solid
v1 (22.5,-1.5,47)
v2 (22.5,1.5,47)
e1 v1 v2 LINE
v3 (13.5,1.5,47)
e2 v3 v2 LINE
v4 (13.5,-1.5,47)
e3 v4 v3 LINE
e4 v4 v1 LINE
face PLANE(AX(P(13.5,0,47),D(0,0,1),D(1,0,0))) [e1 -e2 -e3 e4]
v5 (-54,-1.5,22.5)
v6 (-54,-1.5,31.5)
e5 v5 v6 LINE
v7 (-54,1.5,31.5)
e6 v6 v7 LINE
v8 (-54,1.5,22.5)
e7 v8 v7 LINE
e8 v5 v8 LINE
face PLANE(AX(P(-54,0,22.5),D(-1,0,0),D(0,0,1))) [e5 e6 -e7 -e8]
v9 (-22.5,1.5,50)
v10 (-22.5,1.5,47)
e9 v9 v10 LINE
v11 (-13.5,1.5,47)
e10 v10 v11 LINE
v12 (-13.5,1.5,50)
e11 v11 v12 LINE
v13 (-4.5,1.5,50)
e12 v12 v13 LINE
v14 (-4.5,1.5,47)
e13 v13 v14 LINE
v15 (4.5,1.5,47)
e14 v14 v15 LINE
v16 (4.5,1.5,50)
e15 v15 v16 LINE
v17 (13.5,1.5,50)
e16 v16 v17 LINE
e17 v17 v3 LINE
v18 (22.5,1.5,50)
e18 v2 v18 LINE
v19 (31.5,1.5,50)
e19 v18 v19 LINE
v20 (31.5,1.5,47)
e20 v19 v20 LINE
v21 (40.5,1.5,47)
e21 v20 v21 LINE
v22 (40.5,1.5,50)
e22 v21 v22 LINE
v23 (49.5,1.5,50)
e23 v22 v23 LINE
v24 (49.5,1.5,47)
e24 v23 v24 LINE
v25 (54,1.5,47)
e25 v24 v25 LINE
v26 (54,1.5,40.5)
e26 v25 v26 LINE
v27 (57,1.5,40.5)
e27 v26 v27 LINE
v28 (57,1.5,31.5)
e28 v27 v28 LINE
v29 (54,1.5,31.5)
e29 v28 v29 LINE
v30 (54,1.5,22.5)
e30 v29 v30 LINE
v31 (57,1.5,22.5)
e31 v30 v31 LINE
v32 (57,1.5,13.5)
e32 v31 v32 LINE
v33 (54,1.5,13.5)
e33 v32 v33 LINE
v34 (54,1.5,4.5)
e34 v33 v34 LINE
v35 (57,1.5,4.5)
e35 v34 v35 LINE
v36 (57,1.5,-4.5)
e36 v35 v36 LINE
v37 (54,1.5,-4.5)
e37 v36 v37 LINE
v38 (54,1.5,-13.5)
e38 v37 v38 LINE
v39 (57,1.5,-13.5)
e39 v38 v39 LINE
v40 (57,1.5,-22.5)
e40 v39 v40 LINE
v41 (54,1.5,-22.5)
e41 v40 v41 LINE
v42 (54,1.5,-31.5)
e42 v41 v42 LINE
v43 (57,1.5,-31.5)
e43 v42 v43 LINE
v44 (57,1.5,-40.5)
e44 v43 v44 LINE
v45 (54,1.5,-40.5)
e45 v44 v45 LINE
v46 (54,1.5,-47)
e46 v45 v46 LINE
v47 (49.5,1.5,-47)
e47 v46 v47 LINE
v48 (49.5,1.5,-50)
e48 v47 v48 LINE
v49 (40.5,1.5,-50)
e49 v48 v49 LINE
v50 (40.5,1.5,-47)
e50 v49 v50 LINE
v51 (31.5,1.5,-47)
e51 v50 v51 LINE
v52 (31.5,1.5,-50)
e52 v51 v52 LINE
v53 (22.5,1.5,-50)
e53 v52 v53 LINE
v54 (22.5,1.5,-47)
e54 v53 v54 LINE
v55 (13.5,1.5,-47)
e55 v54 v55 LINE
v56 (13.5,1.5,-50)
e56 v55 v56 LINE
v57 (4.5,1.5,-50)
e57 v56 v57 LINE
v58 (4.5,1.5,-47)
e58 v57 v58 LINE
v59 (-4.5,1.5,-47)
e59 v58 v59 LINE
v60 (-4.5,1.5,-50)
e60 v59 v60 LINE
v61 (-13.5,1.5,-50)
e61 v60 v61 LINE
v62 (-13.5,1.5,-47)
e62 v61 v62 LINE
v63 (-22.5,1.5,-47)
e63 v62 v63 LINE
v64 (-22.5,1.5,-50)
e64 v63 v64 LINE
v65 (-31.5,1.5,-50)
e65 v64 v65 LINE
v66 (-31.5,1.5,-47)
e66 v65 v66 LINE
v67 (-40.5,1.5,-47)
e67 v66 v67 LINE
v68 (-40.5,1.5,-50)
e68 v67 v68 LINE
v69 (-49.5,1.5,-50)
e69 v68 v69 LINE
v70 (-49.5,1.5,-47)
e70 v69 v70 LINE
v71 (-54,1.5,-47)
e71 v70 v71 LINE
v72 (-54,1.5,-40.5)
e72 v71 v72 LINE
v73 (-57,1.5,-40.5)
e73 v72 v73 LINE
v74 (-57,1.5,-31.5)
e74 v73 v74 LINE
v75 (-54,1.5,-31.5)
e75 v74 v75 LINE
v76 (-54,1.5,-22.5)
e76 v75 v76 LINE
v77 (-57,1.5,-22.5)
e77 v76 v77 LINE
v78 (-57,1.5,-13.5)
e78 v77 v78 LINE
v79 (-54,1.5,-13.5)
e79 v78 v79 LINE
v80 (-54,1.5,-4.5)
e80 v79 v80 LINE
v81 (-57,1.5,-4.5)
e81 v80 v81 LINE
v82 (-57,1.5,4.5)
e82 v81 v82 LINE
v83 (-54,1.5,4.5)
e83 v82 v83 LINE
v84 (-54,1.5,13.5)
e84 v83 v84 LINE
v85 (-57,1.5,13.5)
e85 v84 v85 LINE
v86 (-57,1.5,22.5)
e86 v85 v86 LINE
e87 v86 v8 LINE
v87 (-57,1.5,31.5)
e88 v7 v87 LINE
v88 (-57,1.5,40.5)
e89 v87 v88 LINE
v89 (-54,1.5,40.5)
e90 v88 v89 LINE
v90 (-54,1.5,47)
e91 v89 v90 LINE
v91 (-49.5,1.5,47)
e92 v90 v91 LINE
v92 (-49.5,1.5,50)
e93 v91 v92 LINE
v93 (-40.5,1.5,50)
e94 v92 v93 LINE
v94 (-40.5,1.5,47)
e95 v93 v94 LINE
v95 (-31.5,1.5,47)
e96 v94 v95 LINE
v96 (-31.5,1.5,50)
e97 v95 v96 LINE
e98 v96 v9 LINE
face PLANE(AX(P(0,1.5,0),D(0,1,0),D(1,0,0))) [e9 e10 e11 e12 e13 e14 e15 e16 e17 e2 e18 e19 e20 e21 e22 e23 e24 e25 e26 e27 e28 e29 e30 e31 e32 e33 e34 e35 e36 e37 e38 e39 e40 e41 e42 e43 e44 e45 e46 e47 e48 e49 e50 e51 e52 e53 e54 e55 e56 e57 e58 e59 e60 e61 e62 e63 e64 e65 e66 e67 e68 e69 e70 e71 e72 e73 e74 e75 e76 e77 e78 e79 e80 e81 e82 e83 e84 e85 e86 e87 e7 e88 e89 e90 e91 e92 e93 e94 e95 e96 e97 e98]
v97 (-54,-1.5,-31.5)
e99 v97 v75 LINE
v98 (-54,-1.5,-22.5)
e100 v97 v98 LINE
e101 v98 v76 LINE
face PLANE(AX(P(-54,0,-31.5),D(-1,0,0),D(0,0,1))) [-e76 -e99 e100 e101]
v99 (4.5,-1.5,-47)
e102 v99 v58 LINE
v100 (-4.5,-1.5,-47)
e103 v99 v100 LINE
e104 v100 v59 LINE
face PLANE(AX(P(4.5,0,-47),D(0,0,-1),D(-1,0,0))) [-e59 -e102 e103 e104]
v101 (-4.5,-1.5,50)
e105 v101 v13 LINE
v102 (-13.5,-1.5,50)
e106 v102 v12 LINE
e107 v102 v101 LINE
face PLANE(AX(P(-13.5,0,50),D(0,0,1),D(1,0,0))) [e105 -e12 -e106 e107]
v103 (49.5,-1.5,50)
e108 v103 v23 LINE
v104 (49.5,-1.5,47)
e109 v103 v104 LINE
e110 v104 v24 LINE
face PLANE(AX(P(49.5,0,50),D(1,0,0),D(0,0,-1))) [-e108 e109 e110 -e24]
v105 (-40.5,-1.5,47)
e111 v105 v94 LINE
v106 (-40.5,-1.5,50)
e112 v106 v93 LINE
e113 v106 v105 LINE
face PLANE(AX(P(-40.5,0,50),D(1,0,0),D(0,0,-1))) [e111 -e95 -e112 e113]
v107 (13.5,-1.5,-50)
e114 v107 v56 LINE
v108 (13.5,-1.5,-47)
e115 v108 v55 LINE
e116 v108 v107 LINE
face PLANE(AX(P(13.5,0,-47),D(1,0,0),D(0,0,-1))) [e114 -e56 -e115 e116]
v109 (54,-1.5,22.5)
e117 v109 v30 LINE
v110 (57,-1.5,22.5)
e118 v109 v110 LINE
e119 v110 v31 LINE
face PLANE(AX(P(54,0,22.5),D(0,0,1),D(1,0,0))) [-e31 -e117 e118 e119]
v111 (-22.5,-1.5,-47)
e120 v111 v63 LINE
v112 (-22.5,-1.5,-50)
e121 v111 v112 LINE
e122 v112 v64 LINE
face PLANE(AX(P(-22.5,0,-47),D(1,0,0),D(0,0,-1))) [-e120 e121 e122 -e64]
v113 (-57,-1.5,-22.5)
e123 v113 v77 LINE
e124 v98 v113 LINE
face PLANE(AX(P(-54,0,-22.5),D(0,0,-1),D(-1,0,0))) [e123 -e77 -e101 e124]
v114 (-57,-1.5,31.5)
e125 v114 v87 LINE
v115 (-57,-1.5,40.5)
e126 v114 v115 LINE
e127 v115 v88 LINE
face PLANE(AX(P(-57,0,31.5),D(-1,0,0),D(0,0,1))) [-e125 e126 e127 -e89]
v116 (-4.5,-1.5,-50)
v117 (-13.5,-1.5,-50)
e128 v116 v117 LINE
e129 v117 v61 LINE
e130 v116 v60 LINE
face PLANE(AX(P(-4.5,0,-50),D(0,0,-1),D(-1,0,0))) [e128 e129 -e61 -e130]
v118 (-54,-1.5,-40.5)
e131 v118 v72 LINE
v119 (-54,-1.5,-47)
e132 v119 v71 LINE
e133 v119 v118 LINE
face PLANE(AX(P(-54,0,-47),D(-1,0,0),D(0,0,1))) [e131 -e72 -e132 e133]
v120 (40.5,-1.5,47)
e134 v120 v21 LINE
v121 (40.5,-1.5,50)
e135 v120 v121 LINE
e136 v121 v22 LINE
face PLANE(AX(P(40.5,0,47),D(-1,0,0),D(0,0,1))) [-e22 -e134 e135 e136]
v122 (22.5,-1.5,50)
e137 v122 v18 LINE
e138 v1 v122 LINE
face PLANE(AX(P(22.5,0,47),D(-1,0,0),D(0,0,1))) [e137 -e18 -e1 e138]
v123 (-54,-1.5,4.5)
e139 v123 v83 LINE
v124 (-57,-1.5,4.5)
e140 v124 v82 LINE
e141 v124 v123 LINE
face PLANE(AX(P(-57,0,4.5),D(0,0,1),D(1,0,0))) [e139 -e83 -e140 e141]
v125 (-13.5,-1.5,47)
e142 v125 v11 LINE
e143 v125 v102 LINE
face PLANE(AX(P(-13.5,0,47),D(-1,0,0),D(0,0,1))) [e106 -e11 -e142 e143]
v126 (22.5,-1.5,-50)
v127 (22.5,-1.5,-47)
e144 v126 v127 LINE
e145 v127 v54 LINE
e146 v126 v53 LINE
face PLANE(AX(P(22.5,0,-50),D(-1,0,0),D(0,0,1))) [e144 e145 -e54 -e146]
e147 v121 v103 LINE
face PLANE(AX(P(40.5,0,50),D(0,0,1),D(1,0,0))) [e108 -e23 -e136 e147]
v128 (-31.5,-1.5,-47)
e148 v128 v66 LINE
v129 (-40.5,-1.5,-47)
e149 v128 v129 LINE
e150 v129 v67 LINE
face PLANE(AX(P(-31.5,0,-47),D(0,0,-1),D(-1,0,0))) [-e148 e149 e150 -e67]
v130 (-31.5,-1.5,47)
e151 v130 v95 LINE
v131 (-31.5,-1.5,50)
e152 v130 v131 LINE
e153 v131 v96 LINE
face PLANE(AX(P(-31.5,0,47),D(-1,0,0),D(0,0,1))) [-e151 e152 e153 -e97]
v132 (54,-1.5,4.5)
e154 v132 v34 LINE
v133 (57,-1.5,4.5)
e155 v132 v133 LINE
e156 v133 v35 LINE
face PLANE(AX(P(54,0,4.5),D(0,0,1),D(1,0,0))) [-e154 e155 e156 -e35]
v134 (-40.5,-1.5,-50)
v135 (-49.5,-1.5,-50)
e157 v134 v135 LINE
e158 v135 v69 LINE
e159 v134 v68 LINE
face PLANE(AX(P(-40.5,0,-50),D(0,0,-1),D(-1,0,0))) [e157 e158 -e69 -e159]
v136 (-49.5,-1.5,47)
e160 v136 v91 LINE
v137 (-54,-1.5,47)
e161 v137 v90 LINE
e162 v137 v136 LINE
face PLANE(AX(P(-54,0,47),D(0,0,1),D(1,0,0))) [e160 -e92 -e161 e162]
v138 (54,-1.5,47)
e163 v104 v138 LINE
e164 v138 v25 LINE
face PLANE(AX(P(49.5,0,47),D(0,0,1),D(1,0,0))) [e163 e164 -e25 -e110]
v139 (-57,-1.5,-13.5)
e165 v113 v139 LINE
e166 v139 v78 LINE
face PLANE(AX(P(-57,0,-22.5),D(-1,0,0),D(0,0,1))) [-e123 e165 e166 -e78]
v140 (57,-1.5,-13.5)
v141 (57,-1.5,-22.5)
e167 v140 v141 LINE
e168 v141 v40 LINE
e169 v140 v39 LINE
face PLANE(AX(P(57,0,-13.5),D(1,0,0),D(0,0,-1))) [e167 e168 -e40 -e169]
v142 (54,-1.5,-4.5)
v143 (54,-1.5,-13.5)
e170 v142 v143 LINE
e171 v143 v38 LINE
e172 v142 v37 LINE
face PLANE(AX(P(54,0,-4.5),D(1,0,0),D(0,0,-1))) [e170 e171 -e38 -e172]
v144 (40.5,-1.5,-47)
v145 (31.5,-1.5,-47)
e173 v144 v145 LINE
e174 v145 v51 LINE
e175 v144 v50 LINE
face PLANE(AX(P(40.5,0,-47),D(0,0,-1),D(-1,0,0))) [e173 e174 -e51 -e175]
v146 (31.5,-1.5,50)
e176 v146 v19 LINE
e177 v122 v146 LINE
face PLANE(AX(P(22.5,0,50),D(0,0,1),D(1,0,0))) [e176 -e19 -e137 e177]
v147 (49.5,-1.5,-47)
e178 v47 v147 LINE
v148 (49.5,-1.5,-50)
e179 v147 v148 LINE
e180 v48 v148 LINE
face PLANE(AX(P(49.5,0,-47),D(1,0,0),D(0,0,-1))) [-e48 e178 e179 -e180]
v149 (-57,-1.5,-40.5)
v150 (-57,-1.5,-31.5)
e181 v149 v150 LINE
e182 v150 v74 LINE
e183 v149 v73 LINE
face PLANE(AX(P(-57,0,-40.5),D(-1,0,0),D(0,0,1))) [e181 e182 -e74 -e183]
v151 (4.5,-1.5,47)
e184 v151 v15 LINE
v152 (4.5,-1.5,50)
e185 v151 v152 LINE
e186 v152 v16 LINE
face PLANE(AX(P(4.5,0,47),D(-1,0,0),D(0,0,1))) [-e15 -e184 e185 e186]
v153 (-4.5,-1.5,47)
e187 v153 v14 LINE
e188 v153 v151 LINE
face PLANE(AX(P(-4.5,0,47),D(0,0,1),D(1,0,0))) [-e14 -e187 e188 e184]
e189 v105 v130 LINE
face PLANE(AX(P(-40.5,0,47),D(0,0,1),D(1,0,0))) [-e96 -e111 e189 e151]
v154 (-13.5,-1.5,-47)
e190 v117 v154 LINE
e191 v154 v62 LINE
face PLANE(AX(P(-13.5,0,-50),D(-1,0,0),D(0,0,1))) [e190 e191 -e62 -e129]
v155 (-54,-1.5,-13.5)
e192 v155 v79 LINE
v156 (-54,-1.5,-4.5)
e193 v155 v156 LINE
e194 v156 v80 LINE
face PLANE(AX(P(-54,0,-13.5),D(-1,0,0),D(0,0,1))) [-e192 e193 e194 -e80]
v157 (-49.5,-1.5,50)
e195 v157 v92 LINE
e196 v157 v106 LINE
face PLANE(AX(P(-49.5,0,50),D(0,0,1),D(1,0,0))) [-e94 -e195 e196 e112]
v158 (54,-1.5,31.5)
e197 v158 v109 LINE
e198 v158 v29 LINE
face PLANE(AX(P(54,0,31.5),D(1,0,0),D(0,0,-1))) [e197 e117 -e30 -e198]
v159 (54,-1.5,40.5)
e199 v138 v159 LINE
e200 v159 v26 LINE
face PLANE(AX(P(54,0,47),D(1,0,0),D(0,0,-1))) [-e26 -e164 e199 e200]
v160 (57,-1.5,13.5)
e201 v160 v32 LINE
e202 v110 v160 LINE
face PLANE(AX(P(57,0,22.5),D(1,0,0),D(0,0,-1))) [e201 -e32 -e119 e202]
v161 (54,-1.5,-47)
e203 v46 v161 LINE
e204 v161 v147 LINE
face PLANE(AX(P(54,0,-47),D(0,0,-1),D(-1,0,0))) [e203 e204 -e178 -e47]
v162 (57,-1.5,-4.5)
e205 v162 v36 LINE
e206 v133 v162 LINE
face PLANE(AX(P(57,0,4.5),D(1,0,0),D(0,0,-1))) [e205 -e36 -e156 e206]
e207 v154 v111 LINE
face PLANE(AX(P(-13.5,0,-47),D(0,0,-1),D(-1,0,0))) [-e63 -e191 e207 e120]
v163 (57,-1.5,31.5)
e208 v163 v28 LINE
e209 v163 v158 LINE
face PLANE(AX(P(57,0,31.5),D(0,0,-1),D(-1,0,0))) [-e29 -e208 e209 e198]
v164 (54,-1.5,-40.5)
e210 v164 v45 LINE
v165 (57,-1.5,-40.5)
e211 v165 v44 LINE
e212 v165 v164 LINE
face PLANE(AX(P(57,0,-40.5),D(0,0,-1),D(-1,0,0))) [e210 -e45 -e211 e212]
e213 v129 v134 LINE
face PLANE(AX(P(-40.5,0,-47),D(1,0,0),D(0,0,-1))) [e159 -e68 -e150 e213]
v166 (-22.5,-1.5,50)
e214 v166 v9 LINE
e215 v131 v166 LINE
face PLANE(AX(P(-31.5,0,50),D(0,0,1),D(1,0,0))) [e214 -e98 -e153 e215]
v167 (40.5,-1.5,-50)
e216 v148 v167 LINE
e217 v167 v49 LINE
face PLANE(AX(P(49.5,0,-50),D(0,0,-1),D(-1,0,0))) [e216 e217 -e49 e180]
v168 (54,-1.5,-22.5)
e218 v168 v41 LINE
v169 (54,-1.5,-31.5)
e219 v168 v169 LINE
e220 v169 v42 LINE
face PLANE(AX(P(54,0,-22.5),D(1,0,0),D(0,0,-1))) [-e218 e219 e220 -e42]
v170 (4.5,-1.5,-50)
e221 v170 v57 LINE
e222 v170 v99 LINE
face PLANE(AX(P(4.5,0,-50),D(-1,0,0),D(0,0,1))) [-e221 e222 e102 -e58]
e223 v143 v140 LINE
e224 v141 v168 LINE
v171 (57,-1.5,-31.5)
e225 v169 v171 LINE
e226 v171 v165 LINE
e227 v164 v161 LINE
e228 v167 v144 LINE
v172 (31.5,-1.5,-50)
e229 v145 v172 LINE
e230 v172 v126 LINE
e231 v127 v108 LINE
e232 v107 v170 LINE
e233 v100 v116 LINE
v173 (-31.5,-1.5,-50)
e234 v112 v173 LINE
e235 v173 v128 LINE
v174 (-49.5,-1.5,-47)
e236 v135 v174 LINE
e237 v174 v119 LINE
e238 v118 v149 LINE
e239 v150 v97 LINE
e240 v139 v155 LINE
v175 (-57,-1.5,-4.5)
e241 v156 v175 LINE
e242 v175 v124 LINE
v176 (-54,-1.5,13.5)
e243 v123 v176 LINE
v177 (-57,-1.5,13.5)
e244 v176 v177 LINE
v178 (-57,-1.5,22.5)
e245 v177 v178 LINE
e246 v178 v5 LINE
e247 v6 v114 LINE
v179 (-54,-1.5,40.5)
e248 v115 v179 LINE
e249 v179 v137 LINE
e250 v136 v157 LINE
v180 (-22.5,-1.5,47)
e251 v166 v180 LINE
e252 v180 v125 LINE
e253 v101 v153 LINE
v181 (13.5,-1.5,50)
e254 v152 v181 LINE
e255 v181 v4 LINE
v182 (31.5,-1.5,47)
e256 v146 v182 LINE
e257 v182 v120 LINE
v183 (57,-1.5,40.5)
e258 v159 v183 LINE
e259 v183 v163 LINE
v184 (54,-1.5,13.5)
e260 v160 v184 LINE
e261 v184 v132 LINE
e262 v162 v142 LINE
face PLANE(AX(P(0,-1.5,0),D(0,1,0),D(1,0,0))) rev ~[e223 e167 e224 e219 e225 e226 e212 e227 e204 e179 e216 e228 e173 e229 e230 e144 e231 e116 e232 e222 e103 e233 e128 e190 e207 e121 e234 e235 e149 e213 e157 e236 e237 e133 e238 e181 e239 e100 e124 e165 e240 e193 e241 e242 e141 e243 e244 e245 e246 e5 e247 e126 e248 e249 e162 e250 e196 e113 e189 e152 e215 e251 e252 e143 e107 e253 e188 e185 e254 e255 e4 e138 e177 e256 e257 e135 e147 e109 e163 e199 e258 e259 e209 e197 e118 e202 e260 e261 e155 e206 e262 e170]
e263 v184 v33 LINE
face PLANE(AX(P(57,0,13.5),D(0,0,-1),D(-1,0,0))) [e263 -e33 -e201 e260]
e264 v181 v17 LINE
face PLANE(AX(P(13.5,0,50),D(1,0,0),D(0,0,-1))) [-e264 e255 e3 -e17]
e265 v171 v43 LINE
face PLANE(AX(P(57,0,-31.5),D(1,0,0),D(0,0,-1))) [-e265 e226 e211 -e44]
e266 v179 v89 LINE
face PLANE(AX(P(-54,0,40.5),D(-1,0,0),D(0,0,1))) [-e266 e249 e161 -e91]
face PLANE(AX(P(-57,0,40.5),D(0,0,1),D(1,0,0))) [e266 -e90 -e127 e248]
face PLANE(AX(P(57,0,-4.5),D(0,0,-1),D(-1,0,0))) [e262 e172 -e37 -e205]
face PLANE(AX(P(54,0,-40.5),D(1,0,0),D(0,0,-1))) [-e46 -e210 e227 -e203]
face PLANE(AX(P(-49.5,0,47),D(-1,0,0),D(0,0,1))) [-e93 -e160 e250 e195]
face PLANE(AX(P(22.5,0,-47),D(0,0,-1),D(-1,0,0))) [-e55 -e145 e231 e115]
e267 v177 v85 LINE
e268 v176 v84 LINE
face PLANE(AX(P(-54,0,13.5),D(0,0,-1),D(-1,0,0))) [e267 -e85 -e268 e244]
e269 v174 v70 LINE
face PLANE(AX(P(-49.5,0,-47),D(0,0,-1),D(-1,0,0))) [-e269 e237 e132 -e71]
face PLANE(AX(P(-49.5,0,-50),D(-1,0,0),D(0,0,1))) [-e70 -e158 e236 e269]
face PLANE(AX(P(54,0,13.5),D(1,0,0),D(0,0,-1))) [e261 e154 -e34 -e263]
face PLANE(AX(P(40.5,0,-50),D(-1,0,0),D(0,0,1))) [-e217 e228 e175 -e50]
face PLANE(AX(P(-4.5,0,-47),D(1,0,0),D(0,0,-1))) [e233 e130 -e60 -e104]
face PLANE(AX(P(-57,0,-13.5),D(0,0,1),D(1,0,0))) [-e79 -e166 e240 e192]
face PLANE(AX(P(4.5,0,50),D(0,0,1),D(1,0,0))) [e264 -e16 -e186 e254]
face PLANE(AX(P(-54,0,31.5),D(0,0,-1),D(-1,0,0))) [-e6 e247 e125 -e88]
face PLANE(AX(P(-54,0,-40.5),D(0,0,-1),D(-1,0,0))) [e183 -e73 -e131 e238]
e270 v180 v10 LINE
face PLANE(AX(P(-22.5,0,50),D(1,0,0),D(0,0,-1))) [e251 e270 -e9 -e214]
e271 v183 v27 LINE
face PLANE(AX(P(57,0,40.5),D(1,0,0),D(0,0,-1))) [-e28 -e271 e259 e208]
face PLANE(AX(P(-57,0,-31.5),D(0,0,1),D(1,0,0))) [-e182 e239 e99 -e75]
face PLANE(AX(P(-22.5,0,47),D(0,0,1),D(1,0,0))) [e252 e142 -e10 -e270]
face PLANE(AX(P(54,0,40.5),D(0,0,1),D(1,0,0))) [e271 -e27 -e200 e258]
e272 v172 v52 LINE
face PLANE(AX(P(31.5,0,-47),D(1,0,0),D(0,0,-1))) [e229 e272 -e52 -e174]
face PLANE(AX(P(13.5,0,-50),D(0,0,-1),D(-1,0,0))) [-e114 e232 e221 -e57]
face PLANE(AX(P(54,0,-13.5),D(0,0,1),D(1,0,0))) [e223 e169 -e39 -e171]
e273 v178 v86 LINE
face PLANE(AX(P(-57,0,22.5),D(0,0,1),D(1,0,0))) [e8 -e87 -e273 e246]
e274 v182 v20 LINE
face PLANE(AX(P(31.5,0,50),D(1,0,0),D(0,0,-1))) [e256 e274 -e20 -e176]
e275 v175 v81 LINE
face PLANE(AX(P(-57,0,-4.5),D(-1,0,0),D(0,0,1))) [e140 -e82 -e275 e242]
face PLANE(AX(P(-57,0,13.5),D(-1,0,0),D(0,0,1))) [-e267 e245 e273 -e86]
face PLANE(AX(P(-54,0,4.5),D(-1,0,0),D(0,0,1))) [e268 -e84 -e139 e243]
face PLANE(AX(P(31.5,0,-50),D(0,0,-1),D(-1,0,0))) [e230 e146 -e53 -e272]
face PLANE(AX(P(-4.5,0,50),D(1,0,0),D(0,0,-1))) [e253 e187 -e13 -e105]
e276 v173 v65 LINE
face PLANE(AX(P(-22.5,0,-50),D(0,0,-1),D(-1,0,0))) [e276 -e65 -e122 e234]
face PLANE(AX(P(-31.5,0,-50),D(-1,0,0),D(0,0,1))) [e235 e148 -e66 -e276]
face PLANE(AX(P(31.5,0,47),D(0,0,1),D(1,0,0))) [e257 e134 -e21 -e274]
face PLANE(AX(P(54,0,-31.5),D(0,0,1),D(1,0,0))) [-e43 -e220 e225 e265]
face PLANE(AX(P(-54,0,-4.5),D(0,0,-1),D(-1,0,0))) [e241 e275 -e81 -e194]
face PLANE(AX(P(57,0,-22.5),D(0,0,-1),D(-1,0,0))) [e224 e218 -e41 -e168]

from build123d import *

# Parameters (mm, degrees)
BOSS_EXTRUDE1_DEPTH = 1.5


with BuildPart() as part:
    # Sketch1 → Boss-Extrude1 (new, symmetric)
    with BuildSketch(Plane(origin=(0, 0, 0), x_dir=(1, 0, 0), z_dir=(0, 1, 0))):
        Polygon((49.5, 50), (40.5, 50), (40.5, 47), (31.5, 47), (31.5, 50), (22.5, 50), (22.5, 47), (13.5, 47), (13.5, 50), (4.5, 50), (4.5, 47), (-4.5, 47), (-4.5, 50), (-13.5, 50), (-13.5, 47), (-22.5, 47), (-22.5, 50), (-31.5, 50), (-31.5, 47), (-40.5, 47), (-40.5, 50), (-49.5, 50), (-49.5, 47), (-54, 47), (-54, 40.5), (-57, 40.5), (-57, 31.5), (-54, 31.5), (-54, 22.5), (-57, 22.5), (-57, 13.5), (-54, 13.5), (-54, 4.5), (-57, 4.5), (-57, -4.5), (-54, -4.5), (-54, -13.5), (-57, -13.5), (-57, -22.5), (-54, -22.5), (-54, -31.5), (-57, -31.5), (-57, -40.5), (-54, -40.5), (-54, -47), (-49.5, -47), (-49.5, -50), (-40.5, -50), (-40.5, -47), (-31.5, -47), (-31.5, -50), (-22.5, -50), (-22.5, -47), (-13.5, -47), (-13.5, -50), (-4.5, -50), (-4.5, -47), (4.5, -47), (4.5, -50), (13.5, -50), (13.5, -47), (22.5, -47), (22.5, -50), (31.5, -50), (31.5, -47), (40.5, -47), (40.5, -50), (49.5, -50), (49.5, -47), (54, -47), (54, -40.5), (57, -40.5), (57, -31.5), (54, -31.5), (54, -22.5), (57, -22.5), (57, -13.5), (54, -13.5), (54, -4.5), (57, -4.5), (57, 4.5), (54, 4.5), (54, 13.5), (57, 13.5), (57, 22.5), (54, 22.5), (54, 31.5), (57, 31.5), (57, 40.5), (54, 40.5), (54, 47), (49.5, 47), align=None)
    extrude(amount=BOSS_EXTRUDE1_DEPTH, both=True)


solid = part.part
